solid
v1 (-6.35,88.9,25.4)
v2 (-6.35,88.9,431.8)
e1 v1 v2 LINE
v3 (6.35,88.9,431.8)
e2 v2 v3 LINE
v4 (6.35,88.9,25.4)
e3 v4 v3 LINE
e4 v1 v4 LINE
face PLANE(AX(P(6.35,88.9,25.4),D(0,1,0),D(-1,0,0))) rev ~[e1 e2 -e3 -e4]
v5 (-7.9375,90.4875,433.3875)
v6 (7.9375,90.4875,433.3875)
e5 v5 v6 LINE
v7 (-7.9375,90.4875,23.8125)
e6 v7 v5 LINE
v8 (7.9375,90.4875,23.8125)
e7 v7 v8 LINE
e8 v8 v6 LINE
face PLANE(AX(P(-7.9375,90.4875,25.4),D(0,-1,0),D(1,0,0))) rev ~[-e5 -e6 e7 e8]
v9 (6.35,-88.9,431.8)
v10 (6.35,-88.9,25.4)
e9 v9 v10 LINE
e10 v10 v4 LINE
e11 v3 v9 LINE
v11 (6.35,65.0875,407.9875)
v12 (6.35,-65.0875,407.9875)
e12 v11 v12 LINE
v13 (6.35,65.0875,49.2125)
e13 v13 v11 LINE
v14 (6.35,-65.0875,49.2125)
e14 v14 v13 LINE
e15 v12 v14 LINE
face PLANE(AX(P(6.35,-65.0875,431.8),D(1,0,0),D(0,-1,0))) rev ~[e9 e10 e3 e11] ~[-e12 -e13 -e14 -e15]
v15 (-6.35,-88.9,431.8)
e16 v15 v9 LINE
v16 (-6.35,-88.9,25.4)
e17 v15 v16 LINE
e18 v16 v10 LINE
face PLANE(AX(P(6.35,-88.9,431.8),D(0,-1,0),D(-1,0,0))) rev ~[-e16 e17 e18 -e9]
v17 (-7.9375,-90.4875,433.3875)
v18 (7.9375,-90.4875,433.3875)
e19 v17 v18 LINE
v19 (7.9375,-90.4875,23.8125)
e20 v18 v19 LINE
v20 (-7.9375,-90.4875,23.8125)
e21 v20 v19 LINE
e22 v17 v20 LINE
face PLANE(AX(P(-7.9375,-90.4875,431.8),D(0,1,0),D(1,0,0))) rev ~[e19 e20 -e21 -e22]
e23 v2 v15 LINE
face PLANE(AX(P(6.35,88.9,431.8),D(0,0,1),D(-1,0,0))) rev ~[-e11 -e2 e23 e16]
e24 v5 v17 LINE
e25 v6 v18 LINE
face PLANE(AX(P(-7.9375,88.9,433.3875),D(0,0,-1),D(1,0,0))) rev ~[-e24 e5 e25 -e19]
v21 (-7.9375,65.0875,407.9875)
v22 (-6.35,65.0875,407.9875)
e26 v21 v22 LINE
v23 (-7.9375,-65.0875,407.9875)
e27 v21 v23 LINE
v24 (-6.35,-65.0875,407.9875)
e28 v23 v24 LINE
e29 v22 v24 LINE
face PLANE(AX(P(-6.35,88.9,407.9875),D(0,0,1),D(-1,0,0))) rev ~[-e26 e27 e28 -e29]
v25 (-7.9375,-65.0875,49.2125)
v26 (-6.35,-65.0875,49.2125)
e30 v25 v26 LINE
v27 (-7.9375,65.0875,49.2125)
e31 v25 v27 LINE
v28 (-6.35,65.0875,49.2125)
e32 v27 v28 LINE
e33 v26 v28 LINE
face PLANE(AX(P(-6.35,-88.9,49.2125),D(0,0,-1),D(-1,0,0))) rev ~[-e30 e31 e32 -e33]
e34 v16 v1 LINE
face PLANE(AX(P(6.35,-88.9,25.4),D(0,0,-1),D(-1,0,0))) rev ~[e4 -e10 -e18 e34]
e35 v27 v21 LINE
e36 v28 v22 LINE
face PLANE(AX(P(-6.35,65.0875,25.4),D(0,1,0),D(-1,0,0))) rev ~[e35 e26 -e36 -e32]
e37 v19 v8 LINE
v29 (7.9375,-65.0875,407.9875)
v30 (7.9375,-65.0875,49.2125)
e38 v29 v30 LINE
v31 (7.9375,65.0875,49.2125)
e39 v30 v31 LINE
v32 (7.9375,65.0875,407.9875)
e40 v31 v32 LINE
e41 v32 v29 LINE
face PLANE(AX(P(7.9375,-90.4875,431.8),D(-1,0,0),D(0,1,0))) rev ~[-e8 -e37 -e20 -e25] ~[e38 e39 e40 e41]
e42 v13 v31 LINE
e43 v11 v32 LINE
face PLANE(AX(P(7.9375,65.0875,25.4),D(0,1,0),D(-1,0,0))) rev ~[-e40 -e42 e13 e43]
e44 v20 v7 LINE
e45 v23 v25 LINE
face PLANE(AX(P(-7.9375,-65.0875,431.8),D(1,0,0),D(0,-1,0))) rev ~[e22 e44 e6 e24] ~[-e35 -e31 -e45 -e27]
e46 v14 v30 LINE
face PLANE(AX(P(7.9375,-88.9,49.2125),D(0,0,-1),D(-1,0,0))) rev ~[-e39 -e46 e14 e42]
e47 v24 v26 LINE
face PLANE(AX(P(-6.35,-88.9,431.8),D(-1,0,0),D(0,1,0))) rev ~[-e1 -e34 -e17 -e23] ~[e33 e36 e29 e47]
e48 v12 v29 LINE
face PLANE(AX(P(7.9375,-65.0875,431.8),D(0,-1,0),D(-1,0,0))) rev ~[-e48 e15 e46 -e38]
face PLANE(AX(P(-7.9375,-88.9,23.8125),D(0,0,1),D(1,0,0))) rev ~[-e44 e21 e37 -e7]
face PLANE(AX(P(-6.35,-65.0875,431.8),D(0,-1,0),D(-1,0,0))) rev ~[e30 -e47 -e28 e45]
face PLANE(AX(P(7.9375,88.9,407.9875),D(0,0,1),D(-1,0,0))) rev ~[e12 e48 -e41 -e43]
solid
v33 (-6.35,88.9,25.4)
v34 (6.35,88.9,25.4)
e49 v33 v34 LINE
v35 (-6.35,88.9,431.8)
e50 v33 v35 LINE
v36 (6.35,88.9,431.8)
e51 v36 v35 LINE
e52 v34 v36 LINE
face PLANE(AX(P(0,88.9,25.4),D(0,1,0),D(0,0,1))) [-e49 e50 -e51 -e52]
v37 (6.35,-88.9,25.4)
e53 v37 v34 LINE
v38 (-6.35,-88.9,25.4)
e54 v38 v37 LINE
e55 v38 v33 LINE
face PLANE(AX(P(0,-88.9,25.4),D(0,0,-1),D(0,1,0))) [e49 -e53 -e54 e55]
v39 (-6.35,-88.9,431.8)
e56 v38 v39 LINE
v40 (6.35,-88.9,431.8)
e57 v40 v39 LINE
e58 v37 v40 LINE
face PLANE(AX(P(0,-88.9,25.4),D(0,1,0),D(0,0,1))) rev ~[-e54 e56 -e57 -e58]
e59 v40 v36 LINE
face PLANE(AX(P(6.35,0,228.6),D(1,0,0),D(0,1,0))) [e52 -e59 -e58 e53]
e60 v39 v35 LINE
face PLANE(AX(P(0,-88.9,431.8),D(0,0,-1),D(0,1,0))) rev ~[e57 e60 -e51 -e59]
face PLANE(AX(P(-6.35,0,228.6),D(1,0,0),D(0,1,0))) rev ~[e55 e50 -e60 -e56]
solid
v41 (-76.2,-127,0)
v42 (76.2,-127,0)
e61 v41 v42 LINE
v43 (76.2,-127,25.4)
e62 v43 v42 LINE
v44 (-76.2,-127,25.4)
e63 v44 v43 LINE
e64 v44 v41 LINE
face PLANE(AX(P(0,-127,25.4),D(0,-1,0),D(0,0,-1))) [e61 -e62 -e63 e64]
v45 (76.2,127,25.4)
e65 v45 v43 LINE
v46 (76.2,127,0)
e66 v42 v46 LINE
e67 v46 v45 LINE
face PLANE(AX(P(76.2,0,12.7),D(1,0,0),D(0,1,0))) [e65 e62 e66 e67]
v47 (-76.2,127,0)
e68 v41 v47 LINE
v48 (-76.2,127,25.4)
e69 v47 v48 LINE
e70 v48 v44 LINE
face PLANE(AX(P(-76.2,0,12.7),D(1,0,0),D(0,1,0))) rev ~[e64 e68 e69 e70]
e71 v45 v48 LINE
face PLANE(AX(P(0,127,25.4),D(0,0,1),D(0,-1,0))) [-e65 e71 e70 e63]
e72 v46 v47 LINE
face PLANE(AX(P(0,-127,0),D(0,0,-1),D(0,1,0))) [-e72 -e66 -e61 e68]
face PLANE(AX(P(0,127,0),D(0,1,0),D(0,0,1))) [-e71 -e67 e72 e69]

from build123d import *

# Parameters (mm, degrees)
F0_W     = 177.8
F0_H     = 406.4
F1_DEPTH = 6.35
F2_DEPTH = 76.2


with BuildPart() as f1:
    # F0 (on Right) → F1 (new body, symmetric)
    with BuildSketch(Plane.YZ):
        with Locations((0, 228.6)):
            Rectangle(F0_W, F0_H)
    extrude(amount=F1_DEPTH, both=True)


with BuildPart() as f2:
    # F0 (on Right) → F2 (new body, symmetric)
    with BuildSketch(Plane.YZ):
        Polygon((127, 25.4), (88.9, 25.4), (-88.9, 25.4), (-127, 25.4), (-127, 0), (127, 0), align=None)
    extrude(amount=F2_DEPTH, both=True)


with BuildPart() as f4:
    # F4: sweep along a path in F4_path
    with BuildLine(Plane(origin=(6.35, -88.9, 431.8), x_dir=(0, 0, -1), z_dir=(-1, 0, 0))) as f4_path:
        Line((0, 0), (406.4, 0))
        Line((406.4, 0), (406.4, -177.8))
        Line((406.4, -177.8), (0, -177.8))
        Line((0, -177.8), (0, 0))
    # F3 (on face) → F4 (sweep)
    with BuildSketch(Plane.XY.offset(25.4)):
        Polygon((6.35, -88.9), (-6.35, -88.9), (-6.35, -65.0875), (-7.9375, -65.0875), (-7.9375, -90.4875), (7.9375, -90.4875), (7.9375, -65.0875), (6.35, -65.0875), align=None)
    sweep(path=f4_path.line, transition=Transition.RIGHT)


solid = Compound([f1.part, f2.part, f4.part])
